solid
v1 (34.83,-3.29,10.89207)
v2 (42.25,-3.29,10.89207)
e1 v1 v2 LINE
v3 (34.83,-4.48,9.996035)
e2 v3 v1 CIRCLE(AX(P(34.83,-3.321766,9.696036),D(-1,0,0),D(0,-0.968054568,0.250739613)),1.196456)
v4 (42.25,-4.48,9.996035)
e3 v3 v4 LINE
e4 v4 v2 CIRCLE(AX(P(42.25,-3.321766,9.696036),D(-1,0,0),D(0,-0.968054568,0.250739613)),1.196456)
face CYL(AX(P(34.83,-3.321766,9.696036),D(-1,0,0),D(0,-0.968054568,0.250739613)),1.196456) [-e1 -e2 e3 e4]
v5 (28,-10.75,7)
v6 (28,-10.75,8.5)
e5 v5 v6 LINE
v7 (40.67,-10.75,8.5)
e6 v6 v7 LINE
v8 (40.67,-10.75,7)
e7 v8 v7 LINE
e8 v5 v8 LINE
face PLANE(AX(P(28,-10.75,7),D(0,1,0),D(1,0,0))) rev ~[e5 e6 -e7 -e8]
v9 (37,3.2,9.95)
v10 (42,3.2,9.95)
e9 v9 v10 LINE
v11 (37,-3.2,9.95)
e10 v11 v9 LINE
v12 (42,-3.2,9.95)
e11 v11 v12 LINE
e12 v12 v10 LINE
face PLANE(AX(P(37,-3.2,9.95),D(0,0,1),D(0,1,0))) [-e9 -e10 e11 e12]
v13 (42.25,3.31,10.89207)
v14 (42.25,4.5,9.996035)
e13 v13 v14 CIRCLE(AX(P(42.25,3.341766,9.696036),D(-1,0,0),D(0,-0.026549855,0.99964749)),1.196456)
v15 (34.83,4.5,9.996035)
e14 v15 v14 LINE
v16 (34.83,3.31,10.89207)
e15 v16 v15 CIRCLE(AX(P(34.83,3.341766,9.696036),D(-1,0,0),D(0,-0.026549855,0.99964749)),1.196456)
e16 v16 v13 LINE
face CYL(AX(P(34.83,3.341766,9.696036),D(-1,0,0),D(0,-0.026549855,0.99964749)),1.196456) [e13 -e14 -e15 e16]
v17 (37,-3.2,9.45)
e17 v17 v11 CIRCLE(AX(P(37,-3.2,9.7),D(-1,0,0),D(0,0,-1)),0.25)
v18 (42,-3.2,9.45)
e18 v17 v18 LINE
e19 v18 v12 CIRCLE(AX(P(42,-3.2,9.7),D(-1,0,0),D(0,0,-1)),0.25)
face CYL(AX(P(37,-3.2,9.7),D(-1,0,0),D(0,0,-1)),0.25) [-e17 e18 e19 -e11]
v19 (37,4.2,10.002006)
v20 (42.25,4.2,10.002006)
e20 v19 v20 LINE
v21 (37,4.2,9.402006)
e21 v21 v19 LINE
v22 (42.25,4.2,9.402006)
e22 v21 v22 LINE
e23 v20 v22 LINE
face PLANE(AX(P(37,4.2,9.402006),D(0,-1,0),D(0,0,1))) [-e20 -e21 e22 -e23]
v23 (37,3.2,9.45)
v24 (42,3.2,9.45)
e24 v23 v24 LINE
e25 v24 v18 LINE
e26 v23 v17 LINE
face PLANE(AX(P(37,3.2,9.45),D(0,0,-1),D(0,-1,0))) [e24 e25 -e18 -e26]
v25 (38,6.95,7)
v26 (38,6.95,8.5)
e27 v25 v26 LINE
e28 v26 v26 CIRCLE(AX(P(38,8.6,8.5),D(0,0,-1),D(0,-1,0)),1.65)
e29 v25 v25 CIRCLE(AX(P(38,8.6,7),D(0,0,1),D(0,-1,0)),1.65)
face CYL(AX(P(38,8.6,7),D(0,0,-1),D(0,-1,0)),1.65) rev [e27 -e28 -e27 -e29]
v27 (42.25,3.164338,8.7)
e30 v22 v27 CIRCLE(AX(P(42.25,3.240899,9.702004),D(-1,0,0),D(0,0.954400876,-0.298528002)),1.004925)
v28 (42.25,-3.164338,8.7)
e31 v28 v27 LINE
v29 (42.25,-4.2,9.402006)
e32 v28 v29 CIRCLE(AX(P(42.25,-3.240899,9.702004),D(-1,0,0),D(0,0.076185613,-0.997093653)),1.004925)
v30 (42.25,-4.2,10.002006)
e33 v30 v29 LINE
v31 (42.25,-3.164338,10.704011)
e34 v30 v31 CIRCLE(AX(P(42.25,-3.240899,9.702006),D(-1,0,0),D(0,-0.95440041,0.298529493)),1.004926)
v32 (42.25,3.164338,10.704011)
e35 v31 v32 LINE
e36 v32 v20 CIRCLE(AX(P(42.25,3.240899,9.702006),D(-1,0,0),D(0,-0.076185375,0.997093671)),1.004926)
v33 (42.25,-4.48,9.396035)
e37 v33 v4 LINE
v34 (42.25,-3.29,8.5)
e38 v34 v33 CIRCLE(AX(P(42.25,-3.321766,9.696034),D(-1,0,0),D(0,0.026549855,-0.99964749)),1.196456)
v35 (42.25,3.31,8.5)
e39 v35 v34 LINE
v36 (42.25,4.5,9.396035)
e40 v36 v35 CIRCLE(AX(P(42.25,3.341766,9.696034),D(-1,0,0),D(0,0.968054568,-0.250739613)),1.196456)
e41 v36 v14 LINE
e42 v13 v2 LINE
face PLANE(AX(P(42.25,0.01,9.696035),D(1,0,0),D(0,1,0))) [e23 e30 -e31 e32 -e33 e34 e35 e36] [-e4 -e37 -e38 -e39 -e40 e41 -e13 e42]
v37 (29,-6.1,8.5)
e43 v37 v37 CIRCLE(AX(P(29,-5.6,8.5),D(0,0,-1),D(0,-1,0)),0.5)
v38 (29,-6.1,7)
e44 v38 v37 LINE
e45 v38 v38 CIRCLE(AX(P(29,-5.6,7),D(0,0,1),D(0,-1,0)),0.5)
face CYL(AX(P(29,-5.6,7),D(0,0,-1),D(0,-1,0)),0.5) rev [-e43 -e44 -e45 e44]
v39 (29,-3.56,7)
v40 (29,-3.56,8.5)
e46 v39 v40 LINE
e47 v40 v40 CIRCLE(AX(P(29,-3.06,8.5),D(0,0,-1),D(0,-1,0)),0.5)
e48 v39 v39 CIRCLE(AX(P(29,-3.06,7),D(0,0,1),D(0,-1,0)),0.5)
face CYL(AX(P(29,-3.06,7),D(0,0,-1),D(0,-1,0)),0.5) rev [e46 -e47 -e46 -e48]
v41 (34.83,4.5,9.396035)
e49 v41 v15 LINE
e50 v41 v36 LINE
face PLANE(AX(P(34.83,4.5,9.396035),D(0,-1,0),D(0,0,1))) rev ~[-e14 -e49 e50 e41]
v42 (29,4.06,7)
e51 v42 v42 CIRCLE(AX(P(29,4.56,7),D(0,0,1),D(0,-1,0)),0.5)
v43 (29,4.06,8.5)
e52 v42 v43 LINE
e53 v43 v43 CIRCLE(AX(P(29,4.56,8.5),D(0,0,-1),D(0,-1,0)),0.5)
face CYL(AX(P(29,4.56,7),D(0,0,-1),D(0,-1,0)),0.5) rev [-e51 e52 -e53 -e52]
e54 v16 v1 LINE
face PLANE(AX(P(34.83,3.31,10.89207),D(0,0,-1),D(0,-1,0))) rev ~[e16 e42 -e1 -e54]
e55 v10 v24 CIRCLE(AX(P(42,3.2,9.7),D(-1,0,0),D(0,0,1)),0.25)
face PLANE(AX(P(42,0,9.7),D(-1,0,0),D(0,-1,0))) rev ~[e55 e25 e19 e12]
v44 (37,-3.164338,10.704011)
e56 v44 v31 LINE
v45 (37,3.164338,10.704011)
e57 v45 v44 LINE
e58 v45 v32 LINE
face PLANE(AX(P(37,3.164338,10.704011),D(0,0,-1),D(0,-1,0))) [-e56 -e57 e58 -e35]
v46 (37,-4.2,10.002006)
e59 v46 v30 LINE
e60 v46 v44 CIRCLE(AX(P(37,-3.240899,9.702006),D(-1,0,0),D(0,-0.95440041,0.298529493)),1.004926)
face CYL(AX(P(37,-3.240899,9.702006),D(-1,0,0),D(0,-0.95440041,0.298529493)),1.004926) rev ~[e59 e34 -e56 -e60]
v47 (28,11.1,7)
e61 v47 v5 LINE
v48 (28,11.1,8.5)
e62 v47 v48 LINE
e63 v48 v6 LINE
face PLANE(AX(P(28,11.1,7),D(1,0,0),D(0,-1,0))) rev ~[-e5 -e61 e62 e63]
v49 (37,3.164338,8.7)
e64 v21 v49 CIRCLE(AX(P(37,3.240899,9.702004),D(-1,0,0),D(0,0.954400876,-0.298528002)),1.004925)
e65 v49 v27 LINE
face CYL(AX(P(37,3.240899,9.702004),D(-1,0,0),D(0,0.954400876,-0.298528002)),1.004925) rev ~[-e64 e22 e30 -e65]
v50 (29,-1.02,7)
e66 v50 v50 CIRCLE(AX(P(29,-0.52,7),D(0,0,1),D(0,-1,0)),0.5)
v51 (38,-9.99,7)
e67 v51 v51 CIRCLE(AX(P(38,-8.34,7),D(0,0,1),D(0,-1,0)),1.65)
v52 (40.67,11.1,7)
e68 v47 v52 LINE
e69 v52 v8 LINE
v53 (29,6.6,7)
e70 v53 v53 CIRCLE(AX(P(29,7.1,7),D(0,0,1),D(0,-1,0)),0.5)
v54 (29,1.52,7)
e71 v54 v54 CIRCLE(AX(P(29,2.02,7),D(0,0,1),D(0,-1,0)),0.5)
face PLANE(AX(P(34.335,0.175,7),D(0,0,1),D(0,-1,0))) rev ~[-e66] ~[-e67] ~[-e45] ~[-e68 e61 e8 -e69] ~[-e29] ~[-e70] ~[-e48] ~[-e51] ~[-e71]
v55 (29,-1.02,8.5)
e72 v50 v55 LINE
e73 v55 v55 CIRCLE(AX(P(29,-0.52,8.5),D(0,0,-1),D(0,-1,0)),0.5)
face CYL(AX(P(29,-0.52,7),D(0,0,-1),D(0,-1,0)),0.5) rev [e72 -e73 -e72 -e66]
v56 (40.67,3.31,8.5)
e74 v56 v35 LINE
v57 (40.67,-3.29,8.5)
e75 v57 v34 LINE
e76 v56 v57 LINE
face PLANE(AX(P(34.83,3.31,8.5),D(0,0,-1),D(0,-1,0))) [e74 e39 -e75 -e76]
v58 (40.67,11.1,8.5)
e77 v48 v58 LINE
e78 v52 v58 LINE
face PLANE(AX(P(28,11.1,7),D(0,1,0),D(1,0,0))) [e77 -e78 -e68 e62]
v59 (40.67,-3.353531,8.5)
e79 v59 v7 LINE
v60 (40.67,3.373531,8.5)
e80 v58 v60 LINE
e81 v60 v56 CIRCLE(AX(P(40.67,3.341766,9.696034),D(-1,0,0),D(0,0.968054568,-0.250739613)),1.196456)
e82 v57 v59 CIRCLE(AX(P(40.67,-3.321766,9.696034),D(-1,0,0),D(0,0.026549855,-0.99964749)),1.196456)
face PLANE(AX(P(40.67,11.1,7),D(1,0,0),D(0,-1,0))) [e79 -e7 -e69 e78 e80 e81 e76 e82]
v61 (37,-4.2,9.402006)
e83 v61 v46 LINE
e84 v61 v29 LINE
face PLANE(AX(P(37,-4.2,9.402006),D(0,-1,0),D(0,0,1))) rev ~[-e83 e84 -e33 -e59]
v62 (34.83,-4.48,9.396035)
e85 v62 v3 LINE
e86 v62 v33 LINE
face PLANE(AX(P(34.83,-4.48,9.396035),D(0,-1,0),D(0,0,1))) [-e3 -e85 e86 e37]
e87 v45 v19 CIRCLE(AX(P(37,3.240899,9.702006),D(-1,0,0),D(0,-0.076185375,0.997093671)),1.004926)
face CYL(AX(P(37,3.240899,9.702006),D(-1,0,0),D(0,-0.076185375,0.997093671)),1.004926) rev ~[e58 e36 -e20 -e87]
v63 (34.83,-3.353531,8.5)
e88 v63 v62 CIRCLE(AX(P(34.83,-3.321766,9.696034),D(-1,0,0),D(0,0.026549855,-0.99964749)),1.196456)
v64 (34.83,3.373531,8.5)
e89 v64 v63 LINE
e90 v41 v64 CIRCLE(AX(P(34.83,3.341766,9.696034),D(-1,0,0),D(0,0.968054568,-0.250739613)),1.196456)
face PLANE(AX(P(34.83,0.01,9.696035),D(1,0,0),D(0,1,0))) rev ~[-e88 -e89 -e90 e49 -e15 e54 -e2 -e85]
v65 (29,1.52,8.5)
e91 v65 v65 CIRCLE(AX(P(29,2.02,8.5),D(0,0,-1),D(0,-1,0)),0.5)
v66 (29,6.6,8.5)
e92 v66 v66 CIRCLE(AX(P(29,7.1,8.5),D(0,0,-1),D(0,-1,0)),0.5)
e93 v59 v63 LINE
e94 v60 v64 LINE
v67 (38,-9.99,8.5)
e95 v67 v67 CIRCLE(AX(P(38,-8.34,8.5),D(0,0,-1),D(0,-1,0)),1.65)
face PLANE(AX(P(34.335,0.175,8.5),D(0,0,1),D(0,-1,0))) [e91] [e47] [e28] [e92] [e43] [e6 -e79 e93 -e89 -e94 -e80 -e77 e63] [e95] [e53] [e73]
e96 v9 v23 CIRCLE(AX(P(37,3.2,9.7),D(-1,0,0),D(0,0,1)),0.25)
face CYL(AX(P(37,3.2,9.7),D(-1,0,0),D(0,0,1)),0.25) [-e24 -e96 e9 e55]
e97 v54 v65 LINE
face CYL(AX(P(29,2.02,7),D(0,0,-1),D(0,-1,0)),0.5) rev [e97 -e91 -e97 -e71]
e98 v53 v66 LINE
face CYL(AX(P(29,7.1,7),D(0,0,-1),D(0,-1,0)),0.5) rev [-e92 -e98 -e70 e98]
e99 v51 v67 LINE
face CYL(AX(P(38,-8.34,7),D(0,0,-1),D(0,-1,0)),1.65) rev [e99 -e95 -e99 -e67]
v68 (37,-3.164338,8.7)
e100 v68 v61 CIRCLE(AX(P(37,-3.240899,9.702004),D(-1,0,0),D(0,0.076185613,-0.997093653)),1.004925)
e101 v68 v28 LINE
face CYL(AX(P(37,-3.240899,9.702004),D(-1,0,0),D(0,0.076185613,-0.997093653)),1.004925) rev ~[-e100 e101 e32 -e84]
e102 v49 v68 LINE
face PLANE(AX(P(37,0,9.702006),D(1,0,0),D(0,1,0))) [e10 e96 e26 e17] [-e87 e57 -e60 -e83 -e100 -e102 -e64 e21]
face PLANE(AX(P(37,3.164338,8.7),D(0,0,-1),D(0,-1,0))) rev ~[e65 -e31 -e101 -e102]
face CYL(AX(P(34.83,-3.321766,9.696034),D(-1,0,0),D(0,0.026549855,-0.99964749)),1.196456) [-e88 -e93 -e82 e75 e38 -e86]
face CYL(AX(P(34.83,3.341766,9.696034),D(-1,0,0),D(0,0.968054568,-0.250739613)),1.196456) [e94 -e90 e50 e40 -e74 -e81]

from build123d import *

# Parameters (mm, degrees)
SKETCH043_W             = 21.85
SKETCH043_H             = 12.67
PAD019_DEPTH            = 1.5
PAD020_DEPTH            = 7.42
SKETCH045_R             = 1.65
POCKET018_DEPTH         = 5
SKETCH046_R             = 0.5
POCKET019_DEPTH         = 5
POCKET020_DEPTH         = 6
PAD021_DEPTH            = 5
BODY017_PLACEMENT_ANGLE = 90


with BuildPart() as part:
    # Sketch043 → Pad019 (new body)
    with BuildSketch(Plane.XY):
        with Locations((10.925, 6.335)):
            Rectangle(SKETCH043_W, SKETCH043_H)
    extrude(amount=PAD019_DEPTH)

    # Sketch044 → Pad020 (join)
    with BuildSketch(Plane.XZ.offset(-6.83)):
        with BuildLine():
            Line((6.6, 2.396035), (6.6, 2.996035))
            ThreePointArc((7.79, 3.89207), (7.038545, 3.651836), (6.6, 2.996035))
            Line((7.79, 3.89207), (14.39, 3.89207))
            ThreePointArc((15.58, 2.996035), (15.141455, 3.651836), (14.39, 3.89207))
            Line((15.58, 2.396035), (15.58, 2.996035))
            ThreePointArc((14.39, 1.5), (15.141455, 1.740234), (15.58, 2.396035))
            Line((7.79, 1.5), (14.39, 1.5))
            ThreePointArc((6.6, 2.396035), (7.038545, 1.740234), (7.79, 1.5))
        make_face()
    extrude(amount=-PAD020_DEPTH)

    # Sketch045 → Pocket018 (cut)
    with BuildSketch(Plane.XY):
        with Locations((2.5, 10)):
            Circle(SKETCH045_R)
        with Locations((19.44, 10)):
            Circle(SKETCH045_R)
    extrude(amount=POCKET018_DEPTH, mode=Mode.SUBTRACT)

    # Sketch046 → Pocket019 (cut)
    with BuildSketch(Plane.XY):
        with Locations((4, 1)):
            Circle(SKETCH046_R)
        with Locations((6.54, 1)):
            Circle(SKETCH046_R)
        with Locations((9.08, 1)):
            Circle(SKETCH046_R)
        with Locations((11.62, 1)):
            Circle(SKETCH046_R)
        with Locations((14.16, 1)):
            Circle(SKETCH046_R)
        with Locations((16.7, 1)):
            Circle(SKETCH046_R)
    extrude(amount=POCKET019_DEPTH, mode=Mode.SUBTRACT)

    # Sketch047 → Pocket020 (cut)
    with BuildSketch(Plane.XZ.offset(-9)):
        with BuildLine():
            Line((6.9, 2.402006), (6.9, 3.002006))
            ThreePointArc((7.935662, 3.704011), (7.295255, 3.533843), (6.9, 3.002006))
            Line((7.935662, 3.704011), (14.264338, 3.704011))
            ThreePointArc((15.3, 3.002006), (14.904745, 3.533843), (14.264338, 3.704011))
            Line((15.3, 2.402006), (15.3, 3.002006))
            ThreePointArc((14.264338, 1.7), (14.904745, 1.870168), (15.3, 2.402006))
            Line((7.935662, 1.7), (14.264338, 1.7))
            ThreePointArc((6.9, 2.402006), (7.295255, 1.870168), (7.935662, 1.7))
        make_face()
    extrude(amount=-POCKET020_DEPTH, mode=Mode.SUBTRACT)

    # Sketch048 → Pad021 (join)
    with BuildSketch(Plane.XZ.offset(-9)):
        with BuildLine():
            ThreePointArc((7.9, 2.95), (7.65, 2.7), (7.9, 2.45))
            Line((7.9, 2.45), (14.3, 2.45))
            ThreePointArc((14.3, 2.45), (14.55, 2.7), (14.3, 2.95))
            Line((14.3, 2.95), (7.9, 2.95))
        make_face()
    extrude(amount=-PAD021_DEPTH)


with BuildPart() as part_1:
    # Body017 placement: moved
    add(part.part.moved(Location((28, 11.1, 7))).rotate(Axis((28, 11.1, 7), (0, 0, -1)), BODY017_PLACEMENT_ANGLE))


solid = part_1.part
